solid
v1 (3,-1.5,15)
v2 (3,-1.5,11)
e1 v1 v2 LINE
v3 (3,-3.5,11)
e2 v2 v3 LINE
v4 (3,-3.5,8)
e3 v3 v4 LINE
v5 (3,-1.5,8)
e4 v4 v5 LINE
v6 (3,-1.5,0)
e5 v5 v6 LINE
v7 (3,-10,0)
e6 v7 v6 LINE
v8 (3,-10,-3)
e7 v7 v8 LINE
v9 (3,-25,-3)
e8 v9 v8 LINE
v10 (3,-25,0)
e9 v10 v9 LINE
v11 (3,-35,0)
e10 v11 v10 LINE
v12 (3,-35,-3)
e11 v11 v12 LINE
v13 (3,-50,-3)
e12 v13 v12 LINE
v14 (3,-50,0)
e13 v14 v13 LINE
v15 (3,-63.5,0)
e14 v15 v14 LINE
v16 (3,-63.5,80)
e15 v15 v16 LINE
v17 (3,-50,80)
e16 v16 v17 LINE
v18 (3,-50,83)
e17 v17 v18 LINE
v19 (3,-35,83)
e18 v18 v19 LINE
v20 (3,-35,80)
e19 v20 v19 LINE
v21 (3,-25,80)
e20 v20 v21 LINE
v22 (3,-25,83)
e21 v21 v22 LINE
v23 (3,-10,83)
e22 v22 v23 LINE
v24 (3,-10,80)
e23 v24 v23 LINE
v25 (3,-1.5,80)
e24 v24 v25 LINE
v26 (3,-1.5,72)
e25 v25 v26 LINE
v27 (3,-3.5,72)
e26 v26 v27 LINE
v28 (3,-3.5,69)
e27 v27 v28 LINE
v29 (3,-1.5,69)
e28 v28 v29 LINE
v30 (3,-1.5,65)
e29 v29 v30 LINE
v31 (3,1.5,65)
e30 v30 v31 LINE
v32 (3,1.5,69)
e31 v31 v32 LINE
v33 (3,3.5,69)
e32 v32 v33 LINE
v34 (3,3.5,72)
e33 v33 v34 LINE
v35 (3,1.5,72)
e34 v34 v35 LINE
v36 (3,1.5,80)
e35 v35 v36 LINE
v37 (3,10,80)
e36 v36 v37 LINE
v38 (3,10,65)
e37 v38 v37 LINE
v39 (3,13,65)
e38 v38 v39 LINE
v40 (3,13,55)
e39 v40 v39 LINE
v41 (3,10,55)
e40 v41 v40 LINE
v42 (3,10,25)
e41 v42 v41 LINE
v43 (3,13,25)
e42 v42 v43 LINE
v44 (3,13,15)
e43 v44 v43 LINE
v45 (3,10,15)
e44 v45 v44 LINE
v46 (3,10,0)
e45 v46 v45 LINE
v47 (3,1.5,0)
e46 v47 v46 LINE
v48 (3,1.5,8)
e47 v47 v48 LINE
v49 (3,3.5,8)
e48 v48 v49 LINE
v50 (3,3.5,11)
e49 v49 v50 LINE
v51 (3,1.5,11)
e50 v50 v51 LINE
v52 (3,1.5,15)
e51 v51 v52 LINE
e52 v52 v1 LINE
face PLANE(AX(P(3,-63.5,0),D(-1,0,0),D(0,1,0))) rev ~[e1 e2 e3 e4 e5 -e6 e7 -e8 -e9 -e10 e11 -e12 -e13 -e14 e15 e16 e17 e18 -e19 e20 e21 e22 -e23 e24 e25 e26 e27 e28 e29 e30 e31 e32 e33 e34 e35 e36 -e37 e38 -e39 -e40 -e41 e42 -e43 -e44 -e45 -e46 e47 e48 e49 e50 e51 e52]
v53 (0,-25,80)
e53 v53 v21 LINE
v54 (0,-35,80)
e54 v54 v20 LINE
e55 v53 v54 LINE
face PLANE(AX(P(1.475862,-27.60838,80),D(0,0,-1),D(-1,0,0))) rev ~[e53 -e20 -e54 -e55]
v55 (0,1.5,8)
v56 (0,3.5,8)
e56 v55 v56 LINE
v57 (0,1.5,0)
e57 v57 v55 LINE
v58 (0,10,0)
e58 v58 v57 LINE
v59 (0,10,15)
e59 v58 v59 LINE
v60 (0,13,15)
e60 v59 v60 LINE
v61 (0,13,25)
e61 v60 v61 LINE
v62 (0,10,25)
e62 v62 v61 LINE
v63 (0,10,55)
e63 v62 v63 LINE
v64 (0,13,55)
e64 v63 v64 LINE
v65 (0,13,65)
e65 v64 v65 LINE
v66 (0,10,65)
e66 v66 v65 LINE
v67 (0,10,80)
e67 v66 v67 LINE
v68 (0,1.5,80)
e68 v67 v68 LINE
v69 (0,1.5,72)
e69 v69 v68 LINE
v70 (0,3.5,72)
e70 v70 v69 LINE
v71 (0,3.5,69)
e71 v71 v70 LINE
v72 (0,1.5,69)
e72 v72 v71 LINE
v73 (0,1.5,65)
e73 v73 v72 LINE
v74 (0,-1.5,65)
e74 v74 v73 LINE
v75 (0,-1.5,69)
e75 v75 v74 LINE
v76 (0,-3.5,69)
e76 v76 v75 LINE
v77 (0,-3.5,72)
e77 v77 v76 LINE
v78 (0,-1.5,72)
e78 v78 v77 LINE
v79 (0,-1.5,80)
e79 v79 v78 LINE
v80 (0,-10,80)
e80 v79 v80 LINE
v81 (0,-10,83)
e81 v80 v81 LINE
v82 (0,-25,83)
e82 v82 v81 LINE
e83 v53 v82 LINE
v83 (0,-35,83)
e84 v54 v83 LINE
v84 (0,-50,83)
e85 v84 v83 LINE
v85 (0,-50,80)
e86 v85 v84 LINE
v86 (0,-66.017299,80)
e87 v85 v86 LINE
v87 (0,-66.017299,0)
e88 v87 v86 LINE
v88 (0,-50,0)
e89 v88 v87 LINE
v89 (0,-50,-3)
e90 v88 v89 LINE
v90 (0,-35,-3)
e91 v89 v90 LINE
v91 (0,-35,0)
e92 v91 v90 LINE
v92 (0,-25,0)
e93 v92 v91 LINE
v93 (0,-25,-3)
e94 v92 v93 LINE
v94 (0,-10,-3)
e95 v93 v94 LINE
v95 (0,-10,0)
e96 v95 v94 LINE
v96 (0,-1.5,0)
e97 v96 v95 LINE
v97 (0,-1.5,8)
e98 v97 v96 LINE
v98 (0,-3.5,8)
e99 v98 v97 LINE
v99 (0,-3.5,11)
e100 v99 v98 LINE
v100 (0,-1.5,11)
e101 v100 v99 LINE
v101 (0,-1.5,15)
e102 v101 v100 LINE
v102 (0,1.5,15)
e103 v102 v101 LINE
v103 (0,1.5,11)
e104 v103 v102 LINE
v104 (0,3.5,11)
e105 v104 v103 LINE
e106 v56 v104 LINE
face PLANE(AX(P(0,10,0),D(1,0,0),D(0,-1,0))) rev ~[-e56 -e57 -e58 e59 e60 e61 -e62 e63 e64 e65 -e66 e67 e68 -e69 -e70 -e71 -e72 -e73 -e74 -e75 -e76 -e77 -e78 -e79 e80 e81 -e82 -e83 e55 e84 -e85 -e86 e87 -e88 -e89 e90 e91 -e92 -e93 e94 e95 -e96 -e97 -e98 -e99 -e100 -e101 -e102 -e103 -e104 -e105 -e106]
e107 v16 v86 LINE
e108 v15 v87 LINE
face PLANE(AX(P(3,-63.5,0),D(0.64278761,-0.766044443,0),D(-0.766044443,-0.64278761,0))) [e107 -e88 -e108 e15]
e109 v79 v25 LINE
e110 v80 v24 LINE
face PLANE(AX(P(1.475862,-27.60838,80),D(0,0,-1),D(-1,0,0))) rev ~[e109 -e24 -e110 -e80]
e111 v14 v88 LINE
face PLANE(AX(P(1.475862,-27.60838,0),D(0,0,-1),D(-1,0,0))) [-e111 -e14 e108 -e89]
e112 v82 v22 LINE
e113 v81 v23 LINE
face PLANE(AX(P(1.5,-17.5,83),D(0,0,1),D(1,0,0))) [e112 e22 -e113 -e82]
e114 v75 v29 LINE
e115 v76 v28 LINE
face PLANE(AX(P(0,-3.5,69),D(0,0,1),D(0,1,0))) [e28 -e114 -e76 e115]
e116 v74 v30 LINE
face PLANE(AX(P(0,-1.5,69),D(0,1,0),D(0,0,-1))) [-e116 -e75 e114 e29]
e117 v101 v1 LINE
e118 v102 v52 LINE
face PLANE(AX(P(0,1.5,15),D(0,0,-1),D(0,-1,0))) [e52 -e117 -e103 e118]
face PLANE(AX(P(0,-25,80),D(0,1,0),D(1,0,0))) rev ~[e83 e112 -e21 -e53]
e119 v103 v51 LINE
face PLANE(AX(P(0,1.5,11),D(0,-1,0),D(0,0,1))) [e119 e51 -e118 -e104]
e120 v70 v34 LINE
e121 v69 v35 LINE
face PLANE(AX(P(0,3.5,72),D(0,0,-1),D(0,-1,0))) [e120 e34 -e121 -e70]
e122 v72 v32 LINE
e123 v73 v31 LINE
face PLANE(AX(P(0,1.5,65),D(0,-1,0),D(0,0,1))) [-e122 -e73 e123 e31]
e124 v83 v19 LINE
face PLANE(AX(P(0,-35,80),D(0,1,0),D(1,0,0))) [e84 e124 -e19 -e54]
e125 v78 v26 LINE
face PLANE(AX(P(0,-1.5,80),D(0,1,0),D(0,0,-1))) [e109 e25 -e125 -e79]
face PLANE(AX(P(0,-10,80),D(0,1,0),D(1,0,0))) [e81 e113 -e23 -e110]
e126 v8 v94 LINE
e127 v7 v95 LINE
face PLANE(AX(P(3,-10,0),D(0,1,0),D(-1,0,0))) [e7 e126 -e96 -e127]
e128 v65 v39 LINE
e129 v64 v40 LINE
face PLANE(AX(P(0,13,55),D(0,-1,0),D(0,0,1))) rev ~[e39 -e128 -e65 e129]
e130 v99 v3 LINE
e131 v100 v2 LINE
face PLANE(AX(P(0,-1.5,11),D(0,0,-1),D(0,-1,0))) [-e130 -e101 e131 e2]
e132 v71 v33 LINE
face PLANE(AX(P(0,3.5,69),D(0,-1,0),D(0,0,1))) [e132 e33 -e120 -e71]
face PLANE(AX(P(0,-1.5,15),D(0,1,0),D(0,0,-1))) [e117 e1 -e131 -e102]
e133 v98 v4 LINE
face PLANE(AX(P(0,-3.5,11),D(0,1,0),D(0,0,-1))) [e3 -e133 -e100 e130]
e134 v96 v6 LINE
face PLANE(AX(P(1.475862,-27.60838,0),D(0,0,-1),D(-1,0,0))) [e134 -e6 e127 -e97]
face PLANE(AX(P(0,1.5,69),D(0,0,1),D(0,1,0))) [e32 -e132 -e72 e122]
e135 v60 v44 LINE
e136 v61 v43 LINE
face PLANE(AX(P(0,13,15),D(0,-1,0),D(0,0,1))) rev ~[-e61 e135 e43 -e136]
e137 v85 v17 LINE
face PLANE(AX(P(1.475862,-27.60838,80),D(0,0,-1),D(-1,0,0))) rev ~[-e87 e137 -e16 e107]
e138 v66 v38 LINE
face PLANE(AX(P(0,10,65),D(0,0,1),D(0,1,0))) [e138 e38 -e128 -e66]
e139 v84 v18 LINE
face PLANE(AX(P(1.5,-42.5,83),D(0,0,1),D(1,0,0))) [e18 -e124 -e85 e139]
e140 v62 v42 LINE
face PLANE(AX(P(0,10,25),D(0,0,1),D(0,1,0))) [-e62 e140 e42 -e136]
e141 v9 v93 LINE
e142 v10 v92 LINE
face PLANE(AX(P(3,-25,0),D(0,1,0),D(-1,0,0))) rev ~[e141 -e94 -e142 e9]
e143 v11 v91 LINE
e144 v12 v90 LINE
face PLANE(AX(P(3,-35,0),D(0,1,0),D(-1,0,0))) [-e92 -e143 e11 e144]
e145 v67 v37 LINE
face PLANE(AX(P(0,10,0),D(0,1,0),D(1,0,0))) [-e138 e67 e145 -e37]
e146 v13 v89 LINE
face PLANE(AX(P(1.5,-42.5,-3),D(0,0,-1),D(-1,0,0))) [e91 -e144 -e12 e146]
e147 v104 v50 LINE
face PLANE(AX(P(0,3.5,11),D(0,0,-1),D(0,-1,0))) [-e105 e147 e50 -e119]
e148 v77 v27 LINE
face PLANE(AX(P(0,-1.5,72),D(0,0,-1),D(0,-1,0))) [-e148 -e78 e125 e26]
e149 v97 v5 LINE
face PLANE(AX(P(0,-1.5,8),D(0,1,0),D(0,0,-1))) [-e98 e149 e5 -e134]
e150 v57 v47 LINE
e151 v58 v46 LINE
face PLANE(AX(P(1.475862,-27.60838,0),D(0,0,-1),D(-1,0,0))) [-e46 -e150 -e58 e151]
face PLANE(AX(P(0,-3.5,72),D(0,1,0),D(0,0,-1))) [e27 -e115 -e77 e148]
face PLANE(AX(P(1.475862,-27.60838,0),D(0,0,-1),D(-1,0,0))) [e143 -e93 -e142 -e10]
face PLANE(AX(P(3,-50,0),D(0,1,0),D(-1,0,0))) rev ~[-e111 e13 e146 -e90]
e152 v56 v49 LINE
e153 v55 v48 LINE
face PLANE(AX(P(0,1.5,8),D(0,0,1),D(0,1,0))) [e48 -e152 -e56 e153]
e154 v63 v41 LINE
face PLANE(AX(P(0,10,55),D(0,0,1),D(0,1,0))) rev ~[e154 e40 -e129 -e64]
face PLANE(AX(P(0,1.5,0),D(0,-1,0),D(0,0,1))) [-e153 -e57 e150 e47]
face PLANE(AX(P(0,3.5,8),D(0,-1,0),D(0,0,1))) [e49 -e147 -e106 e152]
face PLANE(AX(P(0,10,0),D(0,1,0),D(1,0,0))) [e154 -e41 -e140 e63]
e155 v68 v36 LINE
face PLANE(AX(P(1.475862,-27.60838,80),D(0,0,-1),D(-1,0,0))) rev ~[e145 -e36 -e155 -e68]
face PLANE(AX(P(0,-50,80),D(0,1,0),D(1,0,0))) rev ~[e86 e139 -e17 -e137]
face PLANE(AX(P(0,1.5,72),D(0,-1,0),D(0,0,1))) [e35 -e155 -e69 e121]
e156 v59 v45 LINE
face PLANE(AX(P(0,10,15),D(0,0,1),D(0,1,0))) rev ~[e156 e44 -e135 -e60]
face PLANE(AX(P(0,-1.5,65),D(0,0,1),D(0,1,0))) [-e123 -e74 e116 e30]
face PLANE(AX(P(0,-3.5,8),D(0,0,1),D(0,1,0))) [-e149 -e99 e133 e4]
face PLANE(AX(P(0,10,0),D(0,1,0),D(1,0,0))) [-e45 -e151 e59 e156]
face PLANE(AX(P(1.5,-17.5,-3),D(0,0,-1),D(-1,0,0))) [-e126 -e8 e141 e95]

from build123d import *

# Parameters (mm, degrees)
SALIENTE_EXTRUIR1_DEPTH = 80
CROQUIS2_W              = 3
CROQUIS2_H              = 15
SALIENTE_EXTRUIR2_DEPTH = 3
CROQUIS3_W              = 3
CROQUIS3_H              = 15
SALIENTE_EXTRUIR3_DEPTH = 3
CORTAR_EXTRUIR1_DEPTH   = 10
CROQUIS5_W              = 10
CROQUIS5_H              = 3
SALIENTE_EXTRUIR4_DEPTH = 3


with BuildPart() as part:
    # Croquis1 → Saliente-Extruir1 (new body)
    with BuildSketch(Plane.XY):
        Polygon((3, 0), (3, -63.5), (0, -66.017298894), (0, 0), (0, 10), (3, 10), align=None)
    extrude(amount=SALIENTE_EXTRUIR1_DEPTH)

    # Croquis2 → Saliente-Extruir2 (add)
    with BuildSketch(Plane.XY.offset(80)):
        with Locations((1.5, -17.5)):
            Rectangle(CROQUIS2_W, CROQUIS2_H)
        with Locations((1.5, -42.5)):
            Rectangle(CROQUIS2_W, CROQUIS2_H)
    extrude(amount=SALIENTE_EXTRUIR2_DEPTH)

    # Croquis3 → Saliente-Extruir3 (add)
    with BuildSketch(Plane(origin=(0, 0, 0), x_dir=(-1, 0, 0), z_dir=(0, 0, -1))):
        with Locations((-1.5, -17.5)):
            Rectangle(CROQUIS3_W, CROQUIS3_H)
        with Locations((-1.5, -42.5)):
            Rectangle(CROQUIS3_W, CROQUIS3_H)
    extrude(amount=SALIENTE_EXTRUIR3_DEPTH)

    # Croquis4 → Cortar-Extruir1 (cut)
    with BuildSketch(Plane.ZY):
        Polygon((0, 1.5), (8, 1.5), (8, 3.5), (11, 3.5), (11, 1.5), (15, 1.5), (15, -1.5), (11, -1.5), (11, -3.5), (8, -3.5), (8, -1.5), (0, -1.5), align=None)
        Polygon((69, -1.5), (65, -1.5), (65, 1.5), (69, 1.5), (69, 3.5), (72, 3.5), (72, 1.5), (80, 1.5), (80, -1.5), (72, -1.5), (72, -3.5), (69, -3.5), align=None)
    extrude(amount=-CORTAR_EXTRUIR1_DEPTH, mode=Mode.SUBTRACT)

    # Croquis5 → Saliente-Extruir4 (add)
    with BuildSketch(Plane.ZY):
        with Locations((20, 11.5)):
            Rectangle(CROQUIS5_W, CROQUIS5_H)
        with Locations((60, 11.5)):
            Rectangle(CROQUIS5_W, CROQUIS5_H)
    extrude(amount=-SALIENTE_EXTRUIR4_DEPTH)


solid = part.part
